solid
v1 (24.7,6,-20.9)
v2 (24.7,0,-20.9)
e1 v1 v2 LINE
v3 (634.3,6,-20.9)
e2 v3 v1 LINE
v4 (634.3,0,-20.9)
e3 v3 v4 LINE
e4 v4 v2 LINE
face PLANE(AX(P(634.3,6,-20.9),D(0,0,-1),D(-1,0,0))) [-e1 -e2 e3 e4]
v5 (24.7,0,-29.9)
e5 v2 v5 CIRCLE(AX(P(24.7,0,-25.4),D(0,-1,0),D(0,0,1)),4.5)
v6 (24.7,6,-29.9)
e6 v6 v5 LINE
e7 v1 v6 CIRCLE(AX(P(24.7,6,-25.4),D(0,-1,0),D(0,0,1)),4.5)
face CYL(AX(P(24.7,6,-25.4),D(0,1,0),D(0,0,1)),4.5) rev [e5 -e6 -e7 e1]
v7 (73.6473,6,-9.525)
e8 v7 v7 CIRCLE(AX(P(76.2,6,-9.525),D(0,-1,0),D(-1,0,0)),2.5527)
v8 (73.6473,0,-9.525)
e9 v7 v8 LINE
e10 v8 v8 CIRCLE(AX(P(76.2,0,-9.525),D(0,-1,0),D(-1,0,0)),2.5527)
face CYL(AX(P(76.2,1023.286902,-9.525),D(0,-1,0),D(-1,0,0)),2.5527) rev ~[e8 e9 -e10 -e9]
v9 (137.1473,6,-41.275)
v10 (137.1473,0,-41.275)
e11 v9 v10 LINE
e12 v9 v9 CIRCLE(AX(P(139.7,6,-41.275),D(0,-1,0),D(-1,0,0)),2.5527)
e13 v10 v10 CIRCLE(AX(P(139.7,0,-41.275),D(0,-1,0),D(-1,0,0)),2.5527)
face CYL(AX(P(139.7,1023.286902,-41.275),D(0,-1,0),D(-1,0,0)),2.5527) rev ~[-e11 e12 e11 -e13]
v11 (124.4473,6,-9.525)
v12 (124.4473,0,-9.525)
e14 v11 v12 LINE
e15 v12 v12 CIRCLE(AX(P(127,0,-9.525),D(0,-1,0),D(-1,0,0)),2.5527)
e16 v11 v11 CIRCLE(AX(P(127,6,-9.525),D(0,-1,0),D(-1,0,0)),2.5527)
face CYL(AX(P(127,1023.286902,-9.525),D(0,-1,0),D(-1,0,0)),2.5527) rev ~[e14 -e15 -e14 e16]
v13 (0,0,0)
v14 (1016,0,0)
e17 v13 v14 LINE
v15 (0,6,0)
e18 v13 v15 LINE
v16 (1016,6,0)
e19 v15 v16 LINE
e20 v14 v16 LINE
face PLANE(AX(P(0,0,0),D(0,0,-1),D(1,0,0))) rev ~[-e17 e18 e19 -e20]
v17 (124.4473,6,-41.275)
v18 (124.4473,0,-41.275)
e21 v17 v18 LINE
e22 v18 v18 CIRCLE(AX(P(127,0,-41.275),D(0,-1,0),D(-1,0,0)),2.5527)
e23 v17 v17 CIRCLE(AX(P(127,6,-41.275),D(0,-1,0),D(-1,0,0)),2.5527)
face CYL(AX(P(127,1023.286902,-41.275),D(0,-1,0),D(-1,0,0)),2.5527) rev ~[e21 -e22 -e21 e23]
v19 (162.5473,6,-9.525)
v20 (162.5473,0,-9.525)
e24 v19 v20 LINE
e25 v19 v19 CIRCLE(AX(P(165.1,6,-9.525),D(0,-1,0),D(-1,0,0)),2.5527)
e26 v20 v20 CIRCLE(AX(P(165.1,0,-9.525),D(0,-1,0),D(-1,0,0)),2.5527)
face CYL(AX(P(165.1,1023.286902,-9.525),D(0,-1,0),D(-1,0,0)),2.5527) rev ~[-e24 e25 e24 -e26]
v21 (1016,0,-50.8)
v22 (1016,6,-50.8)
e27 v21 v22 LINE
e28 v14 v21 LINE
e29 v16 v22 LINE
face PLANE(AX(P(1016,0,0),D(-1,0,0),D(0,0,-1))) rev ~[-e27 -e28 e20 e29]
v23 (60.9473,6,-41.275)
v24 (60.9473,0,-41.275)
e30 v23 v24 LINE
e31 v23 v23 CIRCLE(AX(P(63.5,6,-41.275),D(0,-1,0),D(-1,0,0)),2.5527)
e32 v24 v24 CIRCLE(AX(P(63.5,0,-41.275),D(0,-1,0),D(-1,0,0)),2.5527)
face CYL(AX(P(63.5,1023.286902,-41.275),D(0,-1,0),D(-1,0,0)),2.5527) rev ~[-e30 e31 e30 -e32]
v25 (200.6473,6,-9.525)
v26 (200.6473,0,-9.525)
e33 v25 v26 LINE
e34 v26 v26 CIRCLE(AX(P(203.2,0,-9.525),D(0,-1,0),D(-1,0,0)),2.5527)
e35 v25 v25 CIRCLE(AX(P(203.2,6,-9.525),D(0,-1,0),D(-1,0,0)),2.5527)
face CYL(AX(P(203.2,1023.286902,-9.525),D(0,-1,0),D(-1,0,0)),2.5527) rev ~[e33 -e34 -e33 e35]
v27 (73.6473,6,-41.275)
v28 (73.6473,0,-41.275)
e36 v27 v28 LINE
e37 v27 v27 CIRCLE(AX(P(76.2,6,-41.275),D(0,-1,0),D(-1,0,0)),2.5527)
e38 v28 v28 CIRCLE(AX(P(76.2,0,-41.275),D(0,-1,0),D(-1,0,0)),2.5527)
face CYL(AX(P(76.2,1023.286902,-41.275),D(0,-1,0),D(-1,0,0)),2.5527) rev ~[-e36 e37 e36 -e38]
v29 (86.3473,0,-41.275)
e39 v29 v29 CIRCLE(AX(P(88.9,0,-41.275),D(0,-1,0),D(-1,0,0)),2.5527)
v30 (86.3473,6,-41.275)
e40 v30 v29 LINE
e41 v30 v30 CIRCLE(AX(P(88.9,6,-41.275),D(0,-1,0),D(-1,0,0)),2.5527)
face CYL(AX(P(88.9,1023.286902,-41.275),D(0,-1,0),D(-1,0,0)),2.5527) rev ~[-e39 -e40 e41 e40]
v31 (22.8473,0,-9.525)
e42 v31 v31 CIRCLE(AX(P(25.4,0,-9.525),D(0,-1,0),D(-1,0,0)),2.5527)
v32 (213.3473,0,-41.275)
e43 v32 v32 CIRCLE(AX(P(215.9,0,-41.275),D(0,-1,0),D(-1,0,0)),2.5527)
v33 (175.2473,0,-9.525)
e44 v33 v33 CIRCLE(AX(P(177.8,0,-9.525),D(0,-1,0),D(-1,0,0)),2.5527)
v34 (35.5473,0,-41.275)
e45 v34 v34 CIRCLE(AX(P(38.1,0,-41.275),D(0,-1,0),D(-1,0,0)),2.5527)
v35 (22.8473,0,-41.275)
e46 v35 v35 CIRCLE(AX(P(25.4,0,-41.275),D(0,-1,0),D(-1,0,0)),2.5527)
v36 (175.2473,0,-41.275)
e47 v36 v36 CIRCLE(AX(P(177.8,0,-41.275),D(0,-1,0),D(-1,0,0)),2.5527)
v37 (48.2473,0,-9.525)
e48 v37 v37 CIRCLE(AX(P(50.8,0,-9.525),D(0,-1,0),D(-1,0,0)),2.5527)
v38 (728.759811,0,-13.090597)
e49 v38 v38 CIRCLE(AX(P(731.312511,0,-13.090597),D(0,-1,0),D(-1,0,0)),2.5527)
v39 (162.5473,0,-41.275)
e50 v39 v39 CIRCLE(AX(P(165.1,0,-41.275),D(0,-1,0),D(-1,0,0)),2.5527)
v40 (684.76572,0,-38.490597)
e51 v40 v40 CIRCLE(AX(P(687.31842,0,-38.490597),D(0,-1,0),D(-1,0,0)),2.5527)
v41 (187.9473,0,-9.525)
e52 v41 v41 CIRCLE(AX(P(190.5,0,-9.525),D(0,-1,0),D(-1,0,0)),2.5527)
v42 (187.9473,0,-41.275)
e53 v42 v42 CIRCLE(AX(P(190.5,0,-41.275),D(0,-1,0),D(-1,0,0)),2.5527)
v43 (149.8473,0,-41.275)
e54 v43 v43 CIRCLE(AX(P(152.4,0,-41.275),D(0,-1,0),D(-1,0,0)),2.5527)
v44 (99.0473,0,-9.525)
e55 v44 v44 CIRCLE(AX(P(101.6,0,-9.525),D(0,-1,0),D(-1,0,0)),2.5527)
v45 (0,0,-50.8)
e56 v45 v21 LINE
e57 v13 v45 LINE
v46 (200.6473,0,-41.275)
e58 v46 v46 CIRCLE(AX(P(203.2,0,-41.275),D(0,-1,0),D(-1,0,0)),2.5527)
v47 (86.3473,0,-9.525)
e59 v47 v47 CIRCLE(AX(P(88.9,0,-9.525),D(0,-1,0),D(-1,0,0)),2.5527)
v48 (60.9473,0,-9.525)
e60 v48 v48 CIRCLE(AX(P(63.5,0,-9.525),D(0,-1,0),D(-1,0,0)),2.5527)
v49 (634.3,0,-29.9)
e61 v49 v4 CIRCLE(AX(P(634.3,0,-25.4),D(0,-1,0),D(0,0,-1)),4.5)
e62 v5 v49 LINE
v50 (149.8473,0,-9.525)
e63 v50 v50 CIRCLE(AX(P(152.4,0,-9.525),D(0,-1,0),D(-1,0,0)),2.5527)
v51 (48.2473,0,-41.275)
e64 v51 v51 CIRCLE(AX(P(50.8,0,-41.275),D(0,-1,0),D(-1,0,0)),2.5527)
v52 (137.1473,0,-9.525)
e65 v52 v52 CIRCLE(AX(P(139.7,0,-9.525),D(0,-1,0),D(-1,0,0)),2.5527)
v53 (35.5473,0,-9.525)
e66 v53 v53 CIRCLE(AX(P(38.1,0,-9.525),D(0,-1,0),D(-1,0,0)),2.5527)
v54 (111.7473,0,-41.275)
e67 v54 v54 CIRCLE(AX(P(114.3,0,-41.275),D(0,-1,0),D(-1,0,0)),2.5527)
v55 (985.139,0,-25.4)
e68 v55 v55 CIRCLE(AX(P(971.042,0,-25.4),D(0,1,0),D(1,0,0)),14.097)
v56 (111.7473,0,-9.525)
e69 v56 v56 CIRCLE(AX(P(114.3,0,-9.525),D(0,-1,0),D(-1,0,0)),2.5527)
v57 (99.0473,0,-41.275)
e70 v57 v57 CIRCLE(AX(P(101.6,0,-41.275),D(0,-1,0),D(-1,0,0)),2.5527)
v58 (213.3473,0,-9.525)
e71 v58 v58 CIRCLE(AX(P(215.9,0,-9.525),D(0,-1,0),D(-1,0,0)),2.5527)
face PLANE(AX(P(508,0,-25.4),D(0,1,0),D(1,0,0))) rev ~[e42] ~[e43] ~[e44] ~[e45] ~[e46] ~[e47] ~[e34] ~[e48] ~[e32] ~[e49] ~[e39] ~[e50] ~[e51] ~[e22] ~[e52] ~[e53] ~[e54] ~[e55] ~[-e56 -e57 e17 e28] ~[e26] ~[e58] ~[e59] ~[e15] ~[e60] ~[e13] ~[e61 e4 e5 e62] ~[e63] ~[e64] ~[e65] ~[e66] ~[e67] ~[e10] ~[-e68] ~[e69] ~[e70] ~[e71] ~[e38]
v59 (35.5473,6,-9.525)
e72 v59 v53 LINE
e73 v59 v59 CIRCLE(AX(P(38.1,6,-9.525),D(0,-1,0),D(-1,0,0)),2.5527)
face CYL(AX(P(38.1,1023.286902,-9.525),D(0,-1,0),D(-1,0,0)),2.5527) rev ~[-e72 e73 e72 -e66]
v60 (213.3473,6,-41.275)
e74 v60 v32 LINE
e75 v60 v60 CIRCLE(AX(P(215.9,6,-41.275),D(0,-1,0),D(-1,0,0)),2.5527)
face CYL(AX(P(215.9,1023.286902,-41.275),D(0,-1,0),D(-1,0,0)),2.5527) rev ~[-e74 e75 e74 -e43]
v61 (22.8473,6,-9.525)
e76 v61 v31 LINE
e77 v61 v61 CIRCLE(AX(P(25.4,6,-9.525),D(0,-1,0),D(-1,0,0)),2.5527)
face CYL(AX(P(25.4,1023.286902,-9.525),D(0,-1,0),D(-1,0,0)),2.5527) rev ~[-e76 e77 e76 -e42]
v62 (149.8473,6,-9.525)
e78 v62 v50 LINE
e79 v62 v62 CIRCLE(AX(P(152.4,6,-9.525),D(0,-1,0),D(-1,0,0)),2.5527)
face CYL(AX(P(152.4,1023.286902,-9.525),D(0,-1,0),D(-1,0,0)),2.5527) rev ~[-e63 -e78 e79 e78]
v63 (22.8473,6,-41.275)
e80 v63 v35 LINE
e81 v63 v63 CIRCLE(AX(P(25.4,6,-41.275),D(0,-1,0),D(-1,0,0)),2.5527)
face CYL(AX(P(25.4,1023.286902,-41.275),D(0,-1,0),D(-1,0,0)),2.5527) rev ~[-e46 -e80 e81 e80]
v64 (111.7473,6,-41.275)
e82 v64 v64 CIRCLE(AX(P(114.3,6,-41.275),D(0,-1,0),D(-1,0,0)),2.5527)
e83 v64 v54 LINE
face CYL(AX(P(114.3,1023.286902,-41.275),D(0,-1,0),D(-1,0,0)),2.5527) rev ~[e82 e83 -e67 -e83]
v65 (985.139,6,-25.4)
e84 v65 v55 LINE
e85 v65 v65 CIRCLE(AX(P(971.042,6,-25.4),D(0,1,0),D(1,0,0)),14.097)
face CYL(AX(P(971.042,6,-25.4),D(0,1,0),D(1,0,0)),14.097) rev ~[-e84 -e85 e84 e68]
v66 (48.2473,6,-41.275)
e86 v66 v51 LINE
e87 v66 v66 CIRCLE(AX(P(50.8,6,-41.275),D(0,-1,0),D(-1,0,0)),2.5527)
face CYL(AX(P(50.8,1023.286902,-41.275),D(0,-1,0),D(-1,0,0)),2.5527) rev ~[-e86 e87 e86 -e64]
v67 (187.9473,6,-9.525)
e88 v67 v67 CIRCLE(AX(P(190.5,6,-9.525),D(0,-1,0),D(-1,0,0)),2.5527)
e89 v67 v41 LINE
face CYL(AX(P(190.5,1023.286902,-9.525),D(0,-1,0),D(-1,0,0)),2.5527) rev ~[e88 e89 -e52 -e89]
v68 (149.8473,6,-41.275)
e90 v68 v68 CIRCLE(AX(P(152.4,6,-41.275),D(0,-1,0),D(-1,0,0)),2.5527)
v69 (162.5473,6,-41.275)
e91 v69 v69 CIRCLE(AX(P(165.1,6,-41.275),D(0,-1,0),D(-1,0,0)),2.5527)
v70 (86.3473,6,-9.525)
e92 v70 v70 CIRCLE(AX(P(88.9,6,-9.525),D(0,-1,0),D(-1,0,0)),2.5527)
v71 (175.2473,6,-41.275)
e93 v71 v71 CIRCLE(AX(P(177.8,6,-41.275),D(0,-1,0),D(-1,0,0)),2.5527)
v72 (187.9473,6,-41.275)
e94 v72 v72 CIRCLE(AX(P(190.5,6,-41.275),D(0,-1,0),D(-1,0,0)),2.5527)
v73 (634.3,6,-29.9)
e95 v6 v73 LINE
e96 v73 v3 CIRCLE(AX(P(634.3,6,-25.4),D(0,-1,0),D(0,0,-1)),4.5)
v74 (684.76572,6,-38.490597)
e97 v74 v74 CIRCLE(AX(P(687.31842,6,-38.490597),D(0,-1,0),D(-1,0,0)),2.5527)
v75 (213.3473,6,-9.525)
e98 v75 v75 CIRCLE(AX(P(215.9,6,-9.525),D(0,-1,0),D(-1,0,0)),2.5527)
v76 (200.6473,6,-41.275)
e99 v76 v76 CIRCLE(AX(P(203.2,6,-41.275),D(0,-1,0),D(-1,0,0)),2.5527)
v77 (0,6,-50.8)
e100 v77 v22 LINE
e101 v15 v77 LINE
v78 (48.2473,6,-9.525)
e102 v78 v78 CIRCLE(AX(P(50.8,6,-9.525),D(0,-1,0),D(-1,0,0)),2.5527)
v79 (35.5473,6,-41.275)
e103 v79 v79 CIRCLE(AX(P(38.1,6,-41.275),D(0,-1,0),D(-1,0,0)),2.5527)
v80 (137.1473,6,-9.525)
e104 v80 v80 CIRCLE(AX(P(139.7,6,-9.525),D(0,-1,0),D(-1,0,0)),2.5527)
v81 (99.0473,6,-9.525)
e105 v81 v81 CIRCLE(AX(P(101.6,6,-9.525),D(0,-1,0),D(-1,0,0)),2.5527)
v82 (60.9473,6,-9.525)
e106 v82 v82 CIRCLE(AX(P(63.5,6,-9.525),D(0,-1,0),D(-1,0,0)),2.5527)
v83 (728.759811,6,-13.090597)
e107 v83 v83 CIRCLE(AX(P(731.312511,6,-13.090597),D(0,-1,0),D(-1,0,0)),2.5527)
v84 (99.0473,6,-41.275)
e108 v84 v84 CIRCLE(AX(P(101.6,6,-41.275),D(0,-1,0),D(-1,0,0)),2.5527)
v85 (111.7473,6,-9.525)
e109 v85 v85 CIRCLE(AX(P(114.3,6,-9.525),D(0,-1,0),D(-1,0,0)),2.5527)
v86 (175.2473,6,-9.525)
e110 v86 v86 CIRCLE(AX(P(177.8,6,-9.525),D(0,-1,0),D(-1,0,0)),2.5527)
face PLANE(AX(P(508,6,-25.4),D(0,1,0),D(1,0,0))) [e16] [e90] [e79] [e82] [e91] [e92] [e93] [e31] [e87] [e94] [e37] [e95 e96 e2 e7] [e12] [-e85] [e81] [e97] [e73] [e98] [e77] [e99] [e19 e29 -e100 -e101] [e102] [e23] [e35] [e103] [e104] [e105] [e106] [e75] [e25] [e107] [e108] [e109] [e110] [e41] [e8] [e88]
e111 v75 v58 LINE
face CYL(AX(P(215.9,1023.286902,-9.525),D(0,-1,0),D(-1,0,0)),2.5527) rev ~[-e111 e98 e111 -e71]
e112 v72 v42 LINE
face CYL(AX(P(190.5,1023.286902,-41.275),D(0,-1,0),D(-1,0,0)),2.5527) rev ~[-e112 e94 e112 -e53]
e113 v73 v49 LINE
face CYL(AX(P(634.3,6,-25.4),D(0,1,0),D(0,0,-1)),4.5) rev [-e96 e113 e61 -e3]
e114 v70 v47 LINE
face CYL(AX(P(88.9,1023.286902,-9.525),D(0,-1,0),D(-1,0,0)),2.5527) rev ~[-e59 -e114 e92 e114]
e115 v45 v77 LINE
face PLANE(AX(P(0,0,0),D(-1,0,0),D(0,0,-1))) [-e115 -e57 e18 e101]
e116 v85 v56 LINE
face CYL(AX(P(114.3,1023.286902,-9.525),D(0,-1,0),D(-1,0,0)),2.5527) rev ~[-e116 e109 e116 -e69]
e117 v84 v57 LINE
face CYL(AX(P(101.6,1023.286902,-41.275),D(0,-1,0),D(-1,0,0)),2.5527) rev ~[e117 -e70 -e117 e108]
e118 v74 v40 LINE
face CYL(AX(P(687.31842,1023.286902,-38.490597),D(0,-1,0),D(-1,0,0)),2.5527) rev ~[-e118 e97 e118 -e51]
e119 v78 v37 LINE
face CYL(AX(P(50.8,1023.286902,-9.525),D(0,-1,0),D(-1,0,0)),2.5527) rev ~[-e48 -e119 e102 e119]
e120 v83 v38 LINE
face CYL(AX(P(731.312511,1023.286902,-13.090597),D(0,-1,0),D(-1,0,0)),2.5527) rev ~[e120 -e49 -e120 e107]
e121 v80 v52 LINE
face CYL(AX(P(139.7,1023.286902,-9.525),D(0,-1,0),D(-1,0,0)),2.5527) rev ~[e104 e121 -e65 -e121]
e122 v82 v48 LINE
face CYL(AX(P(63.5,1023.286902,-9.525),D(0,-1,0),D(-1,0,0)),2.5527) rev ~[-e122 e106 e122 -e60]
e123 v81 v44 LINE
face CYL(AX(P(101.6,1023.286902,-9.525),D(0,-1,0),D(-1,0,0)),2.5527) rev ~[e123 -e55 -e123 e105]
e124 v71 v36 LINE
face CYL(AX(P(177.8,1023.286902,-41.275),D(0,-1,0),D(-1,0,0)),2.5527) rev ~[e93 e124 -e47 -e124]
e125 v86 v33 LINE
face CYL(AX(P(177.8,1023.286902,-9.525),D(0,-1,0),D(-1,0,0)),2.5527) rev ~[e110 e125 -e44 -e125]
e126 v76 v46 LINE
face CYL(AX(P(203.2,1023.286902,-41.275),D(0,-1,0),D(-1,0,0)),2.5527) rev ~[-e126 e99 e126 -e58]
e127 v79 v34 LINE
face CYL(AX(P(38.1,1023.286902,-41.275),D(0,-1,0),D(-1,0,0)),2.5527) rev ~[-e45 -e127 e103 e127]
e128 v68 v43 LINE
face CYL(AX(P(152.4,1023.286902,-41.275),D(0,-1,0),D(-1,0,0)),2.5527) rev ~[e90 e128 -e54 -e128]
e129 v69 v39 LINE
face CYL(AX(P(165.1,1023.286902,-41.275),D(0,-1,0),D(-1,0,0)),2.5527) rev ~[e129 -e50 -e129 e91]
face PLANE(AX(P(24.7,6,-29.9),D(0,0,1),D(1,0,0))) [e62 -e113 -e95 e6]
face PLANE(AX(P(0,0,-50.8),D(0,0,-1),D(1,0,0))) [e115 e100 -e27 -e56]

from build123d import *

# Parameters (mm, degrees)
SKETCH1_W               = 1016
SKETCH1_H               = 50.8
BOSS_EXTRUDE1_DEPTH     = 6
CUT_EXTRUDE1_DEPTH      = 6
SKETCH3_R               = 14.097
CUT_EXTRUDE2_DEPTH      = 7
F_1_4_20_TAPPED_HOLE1_D = 5.1054
LPATTERN1_COUNT         = 16
LPATTERN1_PITCH         = 12.7
LPATTERN1_COUNT_DIR2    = 2
LPATTERN1_PITCH_DIR2    = 31.75
F_1_4_20_TAPPED_HOLE2_D = 5.1054


with BuildPart() as part:
    # Sketch1 → Boss-Extrude1 (new body)
    with BuildSketch(Plane(origin=(0, 0, 0), x_dir=(1, 0, 0), z_dir=(0, 1, 0))):
        with Locations((508, 25.4)):
            Rectangle(SKETCH1_W, SKETCH1_H)
    extrude(amount=BOSS_EXTRUDE1_DEPTH)

    # Sketch2 → Cut-Extrude1 (cut)
    with BuildSketch(Plane(origin=(0, 6, 0), x_dir=(1, 0, 0), z_dir=(0, 1, 0))):
        with BuildLine():
            Line((24.7, 29.9), (634.3, 29.9))
            ThreePointArc((634.3, 29.9), (638.8, 25.4), (634.3, 20.9))
            Line((634.3, 20.9), (24.7, 20.9))
            ThreePointArc((24.7, 20.9), (20.2, 25.4), (24.7, 29.9))
        make_face()
    extrude(amount=-CUT_EXTRUDE1_DEPTH, mode=Mode.SUBTRACT)

    # Sketch3 → Cut-Extrude2 (cut, through all)
    with BuildSketch(Plane(origin=(0, 6, 0), x_dir=(1, 0, 0), z_dir=(0, 1, 0))):
        with Locations((971.042, 25.4)):
            Circle(SKETCH3_R)
    extrude(amount=-CUT_EXTRUDE2_DEPTH, mode=Mode.SUBTRACT)

    # 1/4-20 Tapped Hole1 (through all)
    with Locations(Plane(origin=(0, 6, 0), x_dir=(1, 0, 0), z_dir=(0, 1, 0))):
        with Locations((25.4, 41.275)):
            f_1_4_20_tapped_hole1 = Hole(F_1_4_20_TAPPED_HOLE1_D / 2)

    # LPattern1: 1_4-20 Tapped Hole1 16 × 2
    with Locations(*[(i * LPATTERN1_PITCH, 0, j * LPATTERN1_PITCH_DIR2) for i in range(LPATTERN1_COUNT) for j in range(LPATTERN1_COUNT_DIR2) if (i, j) != (0, 0)]):
        add(f_1_4_20_tapped_hole1, mode=Mode.SUBTRACT)

    # 1/4-20 Tapped Hole2 (through all)
    with Locations(Plane(origin=(0, 6, 0), x_dir=(1, 0, 0), z_dir=(0, 1, 0))):
        with Locations((687.318420147, 38.490597432), (731.312510659, 13.090597432)):
            Hole(F_1_4_20_TAPPED_HOLE2_D / 2)


solid = part.part
